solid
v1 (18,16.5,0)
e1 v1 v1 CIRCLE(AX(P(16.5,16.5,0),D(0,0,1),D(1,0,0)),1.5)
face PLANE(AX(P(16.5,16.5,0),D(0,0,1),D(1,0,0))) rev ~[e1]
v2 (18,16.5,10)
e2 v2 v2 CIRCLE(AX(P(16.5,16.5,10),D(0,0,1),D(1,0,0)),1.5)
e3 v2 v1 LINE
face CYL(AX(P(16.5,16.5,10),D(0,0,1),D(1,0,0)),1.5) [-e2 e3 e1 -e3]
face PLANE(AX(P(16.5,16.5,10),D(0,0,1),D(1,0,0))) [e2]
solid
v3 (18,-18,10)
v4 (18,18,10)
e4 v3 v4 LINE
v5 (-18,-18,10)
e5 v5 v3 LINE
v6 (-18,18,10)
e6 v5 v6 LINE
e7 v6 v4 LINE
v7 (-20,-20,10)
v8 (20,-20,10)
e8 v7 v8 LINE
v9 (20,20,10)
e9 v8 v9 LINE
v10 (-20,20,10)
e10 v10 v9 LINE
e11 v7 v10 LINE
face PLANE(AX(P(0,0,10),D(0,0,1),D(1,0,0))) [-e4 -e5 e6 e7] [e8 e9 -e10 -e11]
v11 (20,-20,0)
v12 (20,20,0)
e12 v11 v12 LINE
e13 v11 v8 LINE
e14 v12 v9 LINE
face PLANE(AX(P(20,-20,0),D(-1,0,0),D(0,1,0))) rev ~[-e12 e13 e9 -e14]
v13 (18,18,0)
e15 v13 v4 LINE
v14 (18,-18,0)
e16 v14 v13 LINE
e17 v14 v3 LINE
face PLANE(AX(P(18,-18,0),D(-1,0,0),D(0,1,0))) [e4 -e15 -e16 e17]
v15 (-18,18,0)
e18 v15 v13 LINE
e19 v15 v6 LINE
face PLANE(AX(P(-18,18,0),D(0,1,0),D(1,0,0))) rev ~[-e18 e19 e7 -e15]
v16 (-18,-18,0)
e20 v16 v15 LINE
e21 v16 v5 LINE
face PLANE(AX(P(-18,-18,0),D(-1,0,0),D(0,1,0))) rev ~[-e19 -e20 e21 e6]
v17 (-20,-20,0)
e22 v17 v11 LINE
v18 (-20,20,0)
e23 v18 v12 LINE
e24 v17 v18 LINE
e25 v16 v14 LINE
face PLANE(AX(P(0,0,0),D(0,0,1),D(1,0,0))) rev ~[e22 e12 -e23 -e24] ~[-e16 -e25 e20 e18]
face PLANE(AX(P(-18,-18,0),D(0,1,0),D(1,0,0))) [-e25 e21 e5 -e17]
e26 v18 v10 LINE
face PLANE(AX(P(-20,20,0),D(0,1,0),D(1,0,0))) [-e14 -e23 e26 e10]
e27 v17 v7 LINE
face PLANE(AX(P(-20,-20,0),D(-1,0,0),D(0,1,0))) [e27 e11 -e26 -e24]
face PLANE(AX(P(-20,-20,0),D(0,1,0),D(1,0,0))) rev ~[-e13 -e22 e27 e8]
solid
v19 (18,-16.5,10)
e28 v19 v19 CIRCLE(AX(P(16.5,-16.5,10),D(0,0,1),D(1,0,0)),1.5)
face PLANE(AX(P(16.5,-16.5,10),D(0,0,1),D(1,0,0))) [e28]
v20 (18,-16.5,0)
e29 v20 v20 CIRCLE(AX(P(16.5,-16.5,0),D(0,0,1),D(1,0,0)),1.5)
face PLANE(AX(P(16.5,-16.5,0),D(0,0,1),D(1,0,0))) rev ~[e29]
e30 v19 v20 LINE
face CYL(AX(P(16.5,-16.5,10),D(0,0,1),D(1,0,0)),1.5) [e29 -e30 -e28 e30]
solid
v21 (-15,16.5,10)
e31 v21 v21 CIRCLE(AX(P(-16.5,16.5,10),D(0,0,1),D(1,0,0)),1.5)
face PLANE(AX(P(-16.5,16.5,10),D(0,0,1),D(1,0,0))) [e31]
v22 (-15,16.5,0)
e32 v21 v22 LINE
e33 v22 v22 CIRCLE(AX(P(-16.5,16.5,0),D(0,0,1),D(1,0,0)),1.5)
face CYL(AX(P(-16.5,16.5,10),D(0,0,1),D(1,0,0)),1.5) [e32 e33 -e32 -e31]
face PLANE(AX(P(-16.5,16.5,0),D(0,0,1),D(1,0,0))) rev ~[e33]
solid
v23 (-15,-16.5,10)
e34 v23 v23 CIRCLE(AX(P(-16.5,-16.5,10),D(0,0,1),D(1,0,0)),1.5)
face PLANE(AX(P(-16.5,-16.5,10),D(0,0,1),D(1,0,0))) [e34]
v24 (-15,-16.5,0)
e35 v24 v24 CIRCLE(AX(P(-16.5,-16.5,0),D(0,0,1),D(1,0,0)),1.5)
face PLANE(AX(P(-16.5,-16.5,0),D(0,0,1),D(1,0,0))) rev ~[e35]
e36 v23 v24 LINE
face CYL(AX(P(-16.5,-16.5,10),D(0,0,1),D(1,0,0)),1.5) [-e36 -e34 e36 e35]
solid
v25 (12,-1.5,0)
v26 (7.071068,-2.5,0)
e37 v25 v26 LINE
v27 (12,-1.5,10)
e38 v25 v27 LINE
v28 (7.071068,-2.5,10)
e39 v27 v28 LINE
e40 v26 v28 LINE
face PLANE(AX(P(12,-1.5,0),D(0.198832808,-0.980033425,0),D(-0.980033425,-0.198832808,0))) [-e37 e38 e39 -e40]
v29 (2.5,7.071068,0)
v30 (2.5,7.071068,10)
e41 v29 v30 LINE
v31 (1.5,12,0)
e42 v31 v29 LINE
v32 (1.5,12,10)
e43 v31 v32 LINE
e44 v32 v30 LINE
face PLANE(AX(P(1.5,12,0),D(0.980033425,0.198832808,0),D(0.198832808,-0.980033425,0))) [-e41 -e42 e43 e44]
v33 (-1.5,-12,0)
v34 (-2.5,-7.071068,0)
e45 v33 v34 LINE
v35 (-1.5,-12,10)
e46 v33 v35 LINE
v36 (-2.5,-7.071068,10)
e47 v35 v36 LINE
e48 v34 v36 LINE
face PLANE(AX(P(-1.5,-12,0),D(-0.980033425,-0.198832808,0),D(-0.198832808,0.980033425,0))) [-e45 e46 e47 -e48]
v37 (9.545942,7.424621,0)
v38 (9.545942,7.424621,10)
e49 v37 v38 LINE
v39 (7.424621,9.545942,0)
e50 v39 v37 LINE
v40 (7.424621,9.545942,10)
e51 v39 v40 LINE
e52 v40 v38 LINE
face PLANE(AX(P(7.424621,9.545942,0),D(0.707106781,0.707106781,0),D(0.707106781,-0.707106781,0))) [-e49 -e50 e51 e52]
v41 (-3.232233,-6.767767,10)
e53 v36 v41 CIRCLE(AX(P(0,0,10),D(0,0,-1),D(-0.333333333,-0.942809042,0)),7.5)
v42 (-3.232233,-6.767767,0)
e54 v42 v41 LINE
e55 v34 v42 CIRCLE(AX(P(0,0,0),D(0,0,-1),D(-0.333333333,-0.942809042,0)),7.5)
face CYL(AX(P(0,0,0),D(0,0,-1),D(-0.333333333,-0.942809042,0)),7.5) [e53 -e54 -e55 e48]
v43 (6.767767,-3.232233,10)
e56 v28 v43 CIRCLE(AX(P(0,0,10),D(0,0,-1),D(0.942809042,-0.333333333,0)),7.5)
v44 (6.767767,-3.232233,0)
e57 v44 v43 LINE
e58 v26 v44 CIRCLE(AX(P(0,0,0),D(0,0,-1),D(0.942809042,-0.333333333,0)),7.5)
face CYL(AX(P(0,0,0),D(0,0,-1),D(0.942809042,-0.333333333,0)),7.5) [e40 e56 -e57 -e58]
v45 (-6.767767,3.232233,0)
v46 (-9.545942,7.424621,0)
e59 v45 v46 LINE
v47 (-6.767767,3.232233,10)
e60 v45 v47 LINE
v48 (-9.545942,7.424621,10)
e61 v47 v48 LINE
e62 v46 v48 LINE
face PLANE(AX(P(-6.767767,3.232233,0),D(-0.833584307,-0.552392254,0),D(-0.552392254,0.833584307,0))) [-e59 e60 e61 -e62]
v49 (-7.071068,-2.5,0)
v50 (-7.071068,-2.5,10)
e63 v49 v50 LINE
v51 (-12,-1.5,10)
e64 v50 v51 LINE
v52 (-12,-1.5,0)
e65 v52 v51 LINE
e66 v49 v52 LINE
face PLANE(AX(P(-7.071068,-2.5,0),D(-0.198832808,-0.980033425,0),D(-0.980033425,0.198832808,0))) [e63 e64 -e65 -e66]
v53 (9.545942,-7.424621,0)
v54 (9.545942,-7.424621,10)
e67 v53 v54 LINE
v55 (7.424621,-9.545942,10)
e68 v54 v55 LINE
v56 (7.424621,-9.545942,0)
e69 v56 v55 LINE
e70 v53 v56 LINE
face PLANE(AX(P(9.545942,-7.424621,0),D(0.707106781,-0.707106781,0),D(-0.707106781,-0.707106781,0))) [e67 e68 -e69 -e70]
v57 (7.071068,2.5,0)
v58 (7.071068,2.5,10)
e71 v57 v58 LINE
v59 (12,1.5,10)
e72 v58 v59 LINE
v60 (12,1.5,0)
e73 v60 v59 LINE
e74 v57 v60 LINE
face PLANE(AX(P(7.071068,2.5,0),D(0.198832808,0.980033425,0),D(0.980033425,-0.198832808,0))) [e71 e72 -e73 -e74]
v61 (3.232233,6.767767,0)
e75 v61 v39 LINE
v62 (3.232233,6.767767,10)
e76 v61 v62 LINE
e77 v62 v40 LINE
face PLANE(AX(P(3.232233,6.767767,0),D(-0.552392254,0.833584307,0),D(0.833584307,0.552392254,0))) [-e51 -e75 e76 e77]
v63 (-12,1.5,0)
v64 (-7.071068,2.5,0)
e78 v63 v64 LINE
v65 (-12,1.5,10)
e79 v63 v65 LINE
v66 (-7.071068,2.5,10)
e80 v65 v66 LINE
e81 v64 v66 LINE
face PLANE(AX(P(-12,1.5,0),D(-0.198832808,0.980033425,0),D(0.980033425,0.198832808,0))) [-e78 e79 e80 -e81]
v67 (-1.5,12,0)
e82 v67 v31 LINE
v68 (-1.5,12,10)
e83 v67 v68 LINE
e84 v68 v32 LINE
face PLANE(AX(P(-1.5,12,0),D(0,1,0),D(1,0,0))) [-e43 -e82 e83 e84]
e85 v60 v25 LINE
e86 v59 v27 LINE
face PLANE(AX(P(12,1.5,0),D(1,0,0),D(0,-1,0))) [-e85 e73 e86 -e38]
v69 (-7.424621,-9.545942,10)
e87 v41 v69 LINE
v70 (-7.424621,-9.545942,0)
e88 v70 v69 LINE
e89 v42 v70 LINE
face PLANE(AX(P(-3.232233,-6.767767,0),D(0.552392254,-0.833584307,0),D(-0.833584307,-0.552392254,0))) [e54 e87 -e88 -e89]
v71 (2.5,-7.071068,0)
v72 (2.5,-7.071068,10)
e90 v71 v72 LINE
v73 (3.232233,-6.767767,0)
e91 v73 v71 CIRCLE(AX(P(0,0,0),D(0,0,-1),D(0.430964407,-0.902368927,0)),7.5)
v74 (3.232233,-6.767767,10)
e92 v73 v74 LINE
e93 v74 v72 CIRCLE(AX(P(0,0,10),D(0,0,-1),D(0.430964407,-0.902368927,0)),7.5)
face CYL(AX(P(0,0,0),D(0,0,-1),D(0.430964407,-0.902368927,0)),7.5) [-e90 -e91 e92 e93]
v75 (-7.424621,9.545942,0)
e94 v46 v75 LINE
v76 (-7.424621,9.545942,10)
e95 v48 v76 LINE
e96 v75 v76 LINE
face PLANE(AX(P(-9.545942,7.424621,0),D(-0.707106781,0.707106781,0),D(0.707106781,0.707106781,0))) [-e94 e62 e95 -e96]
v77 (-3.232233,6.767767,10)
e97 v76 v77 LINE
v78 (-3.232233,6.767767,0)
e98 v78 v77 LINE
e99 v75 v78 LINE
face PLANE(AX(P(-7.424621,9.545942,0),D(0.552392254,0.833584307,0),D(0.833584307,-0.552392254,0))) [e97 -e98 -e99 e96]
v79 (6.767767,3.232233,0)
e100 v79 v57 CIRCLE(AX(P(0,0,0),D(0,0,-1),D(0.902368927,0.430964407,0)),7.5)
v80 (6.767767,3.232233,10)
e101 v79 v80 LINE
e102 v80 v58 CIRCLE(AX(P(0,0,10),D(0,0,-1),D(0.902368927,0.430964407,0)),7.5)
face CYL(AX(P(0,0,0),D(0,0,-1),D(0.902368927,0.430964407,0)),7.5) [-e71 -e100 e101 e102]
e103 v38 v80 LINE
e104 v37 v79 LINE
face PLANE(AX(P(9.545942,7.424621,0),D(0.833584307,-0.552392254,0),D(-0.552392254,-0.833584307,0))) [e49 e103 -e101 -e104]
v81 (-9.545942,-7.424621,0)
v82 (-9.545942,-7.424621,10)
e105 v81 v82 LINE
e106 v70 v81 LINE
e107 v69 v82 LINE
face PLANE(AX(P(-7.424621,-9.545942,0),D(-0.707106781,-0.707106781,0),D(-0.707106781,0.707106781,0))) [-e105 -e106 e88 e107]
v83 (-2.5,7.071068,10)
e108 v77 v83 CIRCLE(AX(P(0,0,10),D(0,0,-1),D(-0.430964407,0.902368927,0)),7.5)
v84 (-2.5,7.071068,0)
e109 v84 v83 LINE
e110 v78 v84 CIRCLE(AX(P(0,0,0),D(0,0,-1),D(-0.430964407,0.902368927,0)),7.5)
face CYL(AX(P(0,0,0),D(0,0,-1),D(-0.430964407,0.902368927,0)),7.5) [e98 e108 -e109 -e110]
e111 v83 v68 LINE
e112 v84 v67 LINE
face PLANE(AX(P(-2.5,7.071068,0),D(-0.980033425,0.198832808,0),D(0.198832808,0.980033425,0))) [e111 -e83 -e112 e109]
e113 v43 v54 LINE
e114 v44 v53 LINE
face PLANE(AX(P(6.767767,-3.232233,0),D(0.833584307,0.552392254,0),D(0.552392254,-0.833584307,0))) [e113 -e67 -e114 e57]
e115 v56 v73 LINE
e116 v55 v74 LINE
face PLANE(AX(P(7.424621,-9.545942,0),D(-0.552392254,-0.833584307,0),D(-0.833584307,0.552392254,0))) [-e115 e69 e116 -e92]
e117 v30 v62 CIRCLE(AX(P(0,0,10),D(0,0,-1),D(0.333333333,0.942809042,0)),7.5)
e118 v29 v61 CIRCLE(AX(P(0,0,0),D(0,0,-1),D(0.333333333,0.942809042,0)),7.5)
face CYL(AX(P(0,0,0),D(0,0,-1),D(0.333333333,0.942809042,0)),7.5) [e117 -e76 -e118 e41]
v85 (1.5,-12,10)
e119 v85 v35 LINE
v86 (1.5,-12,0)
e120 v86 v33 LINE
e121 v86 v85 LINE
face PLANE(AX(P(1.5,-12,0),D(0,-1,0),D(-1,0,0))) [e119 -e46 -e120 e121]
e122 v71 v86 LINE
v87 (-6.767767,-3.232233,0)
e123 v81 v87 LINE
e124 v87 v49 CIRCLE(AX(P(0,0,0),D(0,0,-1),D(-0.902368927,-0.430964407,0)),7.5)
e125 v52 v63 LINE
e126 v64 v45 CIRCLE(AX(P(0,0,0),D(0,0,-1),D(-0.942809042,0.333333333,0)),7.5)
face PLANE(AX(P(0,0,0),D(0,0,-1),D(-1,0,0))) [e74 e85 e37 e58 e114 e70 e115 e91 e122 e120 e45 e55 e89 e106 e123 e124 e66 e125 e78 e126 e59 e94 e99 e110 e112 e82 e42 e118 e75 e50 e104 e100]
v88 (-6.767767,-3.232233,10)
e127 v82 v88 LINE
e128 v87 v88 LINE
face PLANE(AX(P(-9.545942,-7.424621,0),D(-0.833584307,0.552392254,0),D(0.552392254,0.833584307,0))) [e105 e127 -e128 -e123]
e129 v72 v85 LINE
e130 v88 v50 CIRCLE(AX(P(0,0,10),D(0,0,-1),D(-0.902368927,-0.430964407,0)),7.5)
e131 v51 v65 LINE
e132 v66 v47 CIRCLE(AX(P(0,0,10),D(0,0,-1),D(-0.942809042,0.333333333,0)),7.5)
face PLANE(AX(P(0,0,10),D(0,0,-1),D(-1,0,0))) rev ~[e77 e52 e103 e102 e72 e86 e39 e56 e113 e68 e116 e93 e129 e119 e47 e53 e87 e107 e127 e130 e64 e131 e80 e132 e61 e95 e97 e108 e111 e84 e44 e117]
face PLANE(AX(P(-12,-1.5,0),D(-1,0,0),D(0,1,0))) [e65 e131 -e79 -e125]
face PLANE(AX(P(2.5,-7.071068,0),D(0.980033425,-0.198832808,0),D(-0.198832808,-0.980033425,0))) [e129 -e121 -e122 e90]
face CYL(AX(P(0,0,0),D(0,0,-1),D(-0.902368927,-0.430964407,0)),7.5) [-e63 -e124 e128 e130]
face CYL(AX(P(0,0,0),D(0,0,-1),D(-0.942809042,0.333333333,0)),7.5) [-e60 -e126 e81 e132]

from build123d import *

# Parameters (mm, degrees)
BOSS_EXTRUDE1_DEPTH   = 10
SKETCH1_W             = 40
SKETCH1_H             = 40
SKETCH1_W_2           = 36
SKETCH1_H_2           = 36
BOSS_EXTRUDE1_2_DEPTH = 10
SKETCH2_R             = 1.5
BOSS_EXTRUDE2_DEPTH   = 10
BOSS_EXTRUDE2_2_DEPTH = 10
BOSS_EXTRUDE2_3_DEPTH = 10
BOSS_EXTRUDE2_4_DEPTH = 10


with BuildPart() as part:
    # Sketch1 → Boss-Extrude1 (new body)
    with BuildSketch(Plane.XY):
        with BuildLine():
            Line((-2.5, 7.071067812), (-1.5, 12))
            Line((-1.5, 12), (1.5, 12))
            Line((1.5, 12), (2.5, 7.071067812))
            ThreePointArc((2.5, 7.071067812), (2.870125743, 6.929096494), (3.232233047, 6.767766953))
            Line((3.232233047, 6.767766953), (7.424621202, 9.545941546))
            Line((7.424621202, 9.545941546), (9.545941546, 7.424621202))
            Line((9.545941546, 7.424621202), (6.767766953, 3.232233047))
            ThreePointArc((6.767766953, 3.232233047), (6.929096494, 2.870125743), (7.071067812, 2.5))
            Line((7.071067812, 2.5), (12, 1.5))
            Line((12, 1.5), (12, -1.5))
            Line((12, -1.5), (7.071067812, -2.5))
            ThreePointArc((7.071067812, -2.5), (6.929096494, -2.870125743), (6.767766953, -3.232233047))
            Line((6.767766953, -3.232233047), (9.545941546, -7.424621202))
            Line((9.545941546, -7.424621202), (7.424621202, -9.545941546))
            Line((7.424621202, -9.545941546), (3.232233047, -6.767766953))
            ThreePointArc((3.232233047, -6.767766953), (2.870125743, -6.929096494), (2.5, -7.071067812))
            Line((2.5, -7.071067812), (1.5, -12))
            Line((1.5, -12), (-1.5, -12))
            Line((-1.5, -12), (-2.5, -7.071067812))
            ThreePointArc((-2.5, -7.071067812), (-2.870125743, -6.929096494), (-3.232233047, -6.767766953))
            Line((-3.232233047, -6.767766953), (-7.424621202, -9.545941546))
            Line((-7.424621202, -9.545941546), (-9.545941546, -7.424621202))
            Line((-9.545941546, -7.424621202), (-6.767766953, -3.232233047))
            ThreePointArc((-6.767766953, -3.232233047), (-6.929096494, -2.870125743), (-7.071067812, -2.5))
            Line((-7.071067812, -2.5), (-12, -1.5))
            Line((-12, -1.5), (-12, 1.5))
            Line((-12, 1.5), (-7.071067812, 2.5))
            ThreePointArc((-7.071067812, 2.5), (-6.929096494, 2.870125743), (-6.767766953, 3.232233047))
            Line((-6.767766953, 3.232233047), (-9.545941546, 7.424621202))
            Line((-9.545941546, 7.424621202), (-7.424621202, 9.545941546))
            Line((-7.424621202, 9.545941546), (-3.232233047, 6.767766953))
            ThreePointArc((-3.232233047, 6.767766953), (-2.870125743, 6.929096494), (-2.5, 7.071067812))
        make_face()
    extrude(amount=BOSS_EXTRUDE1_DEPTH)


with BuildPart() as body_2:
    # Sketch1 → Boss-Extrude1 2 (new body)
    with BuildSketch(Plane.XY):
        Rectangle(SKETCH1_W, SKETCH1_H)
        Rectangle(SKETCH1_W_2, SKETCH1_H_2, mode=Mode.SUBTRACT)
    extrude(amount=BOSS_EXTRUDE1_2_DEPTH)


with BuildPart() as body_3:
    # Sketch2 → Boss-Extrude2 (new body)
    with BuildSketch(Plane.XY.offset(10)):
        with Locations((-16.5, 16.5)):
            Circle(SKETCH2_R)
    extrude(amount=-BOSS_EXTRUDE2_DEPTH)


with BuildPart() as body_4:
    # Sketch2 → Boss-Extrude2 2 (new body)
    with BuildSketch(Plane.XY.offset(10)):
        with Locations((16.5, 16.5)):
            Circle(SKETCH2_R)
    extrude(amount=-BOSS_EXTRUDE2_2_DEPTH)


with BuildPart() as body_5:
    # Sketch2 → Boss-Extrude2 3 (new body)
    with BuildSketch(Plane.XY.offset(10)):
        with Locations((16.5, -16.5)):
            Circle(SKETCH2_R)
    extrude(amount=-BOSS_EXTRUDE2_3_DEPTH)


with BuildPart() as body_6:
    # Sketch2 → Boss-Extrude2 4 (new body)
    with BuildSketch(Plane.XY.offset(10)):
        with Locations((-16.5, -16.5)):
            Circle(SKETCH2_R)
    extrude(amount=-BOSS_EXTRUDE2_4_DEPTH)


solid = Compound([part.part, body_2.part, body_3.part, body_4.part, body_5.part, body_6.part])
